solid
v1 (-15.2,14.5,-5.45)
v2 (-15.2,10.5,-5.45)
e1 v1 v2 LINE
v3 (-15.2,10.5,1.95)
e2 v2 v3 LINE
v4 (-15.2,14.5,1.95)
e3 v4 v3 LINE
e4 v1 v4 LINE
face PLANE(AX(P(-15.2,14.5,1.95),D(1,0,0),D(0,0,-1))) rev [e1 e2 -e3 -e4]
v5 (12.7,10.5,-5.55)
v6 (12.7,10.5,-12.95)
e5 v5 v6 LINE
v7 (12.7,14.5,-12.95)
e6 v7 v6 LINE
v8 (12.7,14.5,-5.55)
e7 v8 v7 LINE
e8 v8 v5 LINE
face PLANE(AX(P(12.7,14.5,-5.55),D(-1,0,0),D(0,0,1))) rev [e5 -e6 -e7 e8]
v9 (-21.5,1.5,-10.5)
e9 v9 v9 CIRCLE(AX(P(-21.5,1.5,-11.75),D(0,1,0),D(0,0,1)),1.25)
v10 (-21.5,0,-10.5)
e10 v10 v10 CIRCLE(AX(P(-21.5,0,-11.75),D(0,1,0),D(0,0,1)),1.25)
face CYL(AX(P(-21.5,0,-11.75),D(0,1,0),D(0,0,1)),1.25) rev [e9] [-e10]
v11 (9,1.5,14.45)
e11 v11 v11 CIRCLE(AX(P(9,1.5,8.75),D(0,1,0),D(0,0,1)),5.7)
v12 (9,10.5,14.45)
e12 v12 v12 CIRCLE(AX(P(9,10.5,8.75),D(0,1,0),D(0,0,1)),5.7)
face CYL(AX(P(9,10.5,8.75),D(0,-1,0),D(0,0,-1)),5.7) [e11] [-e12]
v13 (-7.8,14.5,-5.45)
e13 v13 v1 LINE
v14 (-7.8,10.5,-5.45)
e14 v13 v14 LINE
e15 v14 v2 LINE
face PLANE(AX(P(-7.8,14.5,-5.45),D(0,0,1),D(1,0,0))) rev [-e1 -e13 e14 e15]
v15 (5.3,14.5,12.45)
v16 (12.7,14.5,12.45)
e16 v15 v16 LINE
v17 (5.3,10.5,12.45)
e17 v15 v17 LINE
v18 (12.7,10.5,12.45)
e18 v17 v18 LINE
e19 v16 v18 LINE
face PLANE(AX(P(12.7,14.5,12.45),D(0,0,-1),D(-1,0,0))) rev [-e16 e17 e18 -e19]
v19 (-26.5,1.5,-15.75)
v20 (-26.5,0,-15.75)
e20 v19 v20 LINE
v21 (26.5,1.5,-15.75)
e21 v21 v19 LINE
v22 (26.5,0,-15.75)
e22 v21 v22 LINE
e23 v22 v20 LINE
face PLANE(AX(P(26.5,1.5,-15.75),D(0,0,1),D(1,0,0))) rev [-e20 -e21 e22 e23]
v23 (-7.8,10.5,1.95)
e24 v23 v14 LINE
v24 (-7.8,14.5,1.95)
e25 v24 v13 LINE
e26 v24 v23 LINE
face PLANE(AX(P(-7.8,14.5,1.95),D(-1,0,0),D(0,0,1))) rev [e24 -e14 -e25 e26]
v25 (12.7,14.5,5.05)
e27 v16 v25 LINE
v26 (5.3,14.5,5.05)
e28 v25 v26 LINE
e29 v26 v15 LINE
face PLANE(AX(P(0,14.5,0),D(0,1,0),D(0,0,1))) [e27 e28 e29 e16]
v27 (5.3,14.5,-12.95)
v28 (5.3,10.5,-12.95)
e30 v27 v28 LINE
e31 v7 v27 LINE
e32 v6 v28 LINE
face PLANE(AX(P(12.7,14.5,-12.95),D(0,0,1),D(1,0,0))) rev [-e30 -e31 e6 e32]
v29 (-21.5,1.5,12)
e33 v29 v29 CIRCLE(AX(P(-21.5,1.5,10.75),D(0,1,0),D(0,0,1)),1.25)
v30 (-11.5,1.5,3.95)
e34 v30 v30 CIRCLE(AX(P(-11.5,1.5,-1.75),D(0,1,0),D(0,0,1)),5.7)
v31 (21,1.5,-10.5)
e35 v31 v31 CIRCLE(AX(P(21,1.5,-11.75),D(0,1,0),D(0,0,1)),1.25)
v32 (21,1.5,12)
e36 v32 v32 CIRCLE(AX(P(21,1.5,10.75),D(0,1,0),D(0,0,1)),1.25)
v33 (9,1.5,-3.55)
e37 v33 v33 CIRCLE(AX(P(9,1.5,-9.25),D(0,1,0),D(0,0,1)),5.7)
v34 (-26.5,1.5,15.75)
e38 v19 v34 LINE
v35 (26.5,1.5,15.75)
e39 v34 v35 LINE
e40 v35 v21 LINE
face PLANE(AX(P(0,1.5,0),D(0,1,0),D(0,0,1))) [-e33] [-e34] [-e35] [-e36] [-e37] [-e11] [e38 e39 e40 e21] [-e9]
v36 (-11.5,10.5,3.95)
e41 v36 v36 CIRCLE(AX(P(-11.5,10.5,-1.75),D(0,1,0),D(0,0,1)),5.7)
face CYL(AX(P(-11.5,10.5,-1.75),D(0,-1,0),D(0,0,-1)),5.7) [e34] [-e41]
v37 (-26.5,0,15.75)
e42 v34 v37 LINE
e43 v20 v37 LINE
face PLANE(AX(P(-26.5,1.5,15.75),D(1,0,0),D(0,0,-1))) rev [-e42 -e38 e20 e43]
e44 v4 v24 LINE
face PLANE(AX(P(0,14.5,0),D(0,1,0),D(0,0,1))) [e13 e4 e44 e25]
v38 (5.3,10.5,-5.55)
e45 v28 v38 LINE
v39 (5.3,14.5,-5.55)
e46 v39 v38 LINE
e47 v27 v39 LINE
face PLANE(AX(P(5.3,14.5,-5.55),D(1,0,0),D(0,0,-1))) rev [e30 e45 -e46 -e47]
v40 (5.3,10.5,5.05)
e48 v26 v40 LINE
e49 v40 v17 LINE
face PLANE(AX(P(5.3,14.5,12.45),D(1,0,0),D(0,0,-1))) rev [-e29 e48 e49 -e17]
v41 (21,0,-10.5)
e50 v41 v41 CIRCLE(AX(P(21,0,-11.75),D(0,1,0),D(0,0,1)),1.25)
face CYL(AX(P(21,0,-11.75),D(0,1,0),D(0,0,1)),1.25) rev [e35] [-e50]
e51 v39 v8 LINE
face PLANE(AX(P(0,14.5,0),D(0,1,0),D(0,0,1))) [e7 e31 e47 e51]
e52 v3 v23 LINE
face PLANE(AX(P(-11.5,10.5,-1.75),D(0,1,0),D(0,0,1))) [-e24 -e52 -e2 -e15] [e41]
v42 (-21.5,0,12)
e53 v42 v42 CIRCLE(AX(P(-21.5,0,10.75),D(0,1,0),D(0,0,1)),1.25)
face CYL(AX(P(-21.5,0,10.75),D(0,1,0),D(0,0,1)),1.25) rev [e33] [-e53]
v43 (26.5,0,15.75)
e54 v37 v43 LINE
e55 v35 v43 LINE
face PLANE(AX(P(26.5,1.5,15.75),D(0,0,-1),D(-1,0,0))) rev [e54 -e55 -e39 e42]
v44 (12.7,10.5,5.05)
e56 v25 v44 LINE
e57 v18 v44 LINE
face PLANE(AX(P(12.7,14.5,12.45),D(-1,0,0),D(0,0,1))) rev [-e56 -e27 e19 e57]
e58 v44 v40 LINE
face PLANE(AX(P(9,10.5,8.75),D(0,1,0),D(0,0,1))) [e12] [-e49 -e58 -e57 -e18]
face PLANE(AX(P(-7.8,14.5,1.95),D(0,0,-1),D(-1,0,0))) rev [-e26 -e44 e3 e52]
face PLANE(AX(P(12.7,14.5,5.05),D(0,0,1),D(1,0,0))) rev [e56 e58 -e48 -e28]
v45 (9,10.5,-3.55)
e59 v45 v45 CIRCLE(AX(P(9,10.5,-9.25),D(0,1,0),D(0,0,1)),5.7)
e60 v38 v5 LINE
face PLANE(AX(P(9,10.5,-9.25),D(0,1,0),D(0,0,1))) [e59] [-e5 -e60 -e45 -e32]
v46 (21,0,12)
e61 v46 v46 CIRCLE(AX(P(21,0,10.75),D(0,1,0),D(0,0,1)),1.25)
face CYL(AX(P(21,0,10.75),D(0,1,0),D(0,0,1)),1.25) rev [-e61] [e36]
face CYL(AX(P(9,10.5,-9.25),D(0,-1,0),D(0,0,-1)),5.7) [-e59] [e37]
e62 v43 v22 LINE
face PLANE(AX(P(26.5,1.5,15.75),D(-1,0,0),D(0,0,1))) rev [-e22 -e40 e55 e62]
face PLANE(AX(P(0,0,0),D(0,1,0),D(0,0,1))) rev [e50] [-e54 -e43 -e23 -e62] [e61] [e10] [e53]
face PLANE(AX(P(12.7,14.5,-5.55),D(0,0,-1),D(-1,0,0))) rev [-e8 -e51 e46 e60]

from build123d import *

# Parameters (mm, degrees)
SCHIZZO1_W                   = 53
SCHIZZO1_H                   = 31.5
ESTRUSIONE_ESTRUSIONE1_DEPTH = 1.5
SCHIZZO2_R                   = 1.25
TAGLIO_ESTRUSIONE1_DEPTH     = 1.5
SCHIZZO3_R                   = 5.7
ESTRUSIONE_ESTRUSIONE2_DEPTH = 9
SCHIZZO4_W                   = 7.4
SCHIZZO4_H                   = 7.4
ESTRUSIONE_ESTRUSIONE3_DEPTH = 4


with BuildPart() as part:
    # Schizzo1 → Estrusione-Estrusione1 (new body)
    with BuildSketch(Plane(origin=(0, 0, 0), x_dir=(1, 0, 0), z_dir=(0, 1, 0))):
        Rectangle(SCHIZZO1_W, SCHIZZO1_H)
    extrude(amount=ESTRUSIONE_ESTRUSIONE1_DEPTH)

    # Schizzo2 → Taglio-Estrusione1 (cut)
    with BuildSketch(Plane(origin=(0, 1.5, 0), x_dir=(1, 0, 0), z_dir=(0, 1, 0))):
        with Locations((-21.5, 11.75)):
            Circle(SCHIZZO2_R)
        with Locations((21, 11.75)):
            Circle(SCHIZZO2_R)
        with Locations((21, -10.75)):
            Circle(SCHIZZO2_R)
        with Locations((-21.5, -10.75)):
            Circle(SCHIZZO2_R)
    extrude(amount=-TAGLIO_ESTRUSIONE1_DEPTH, mode=Mode.SUBTRACT)

    # Schizzo3 → Estrusione-Estrusione2 (add)
    with BuildSketch(Plane(origin=(0, 1.5, 0), x_dir=(1, 0, 0), z_dir=(0, 1, 0))):
        with Locations((-11.5, 1.75)):
            Circle(SCHIZZO3_R)
        with Locations((9, -8.75)):
            Circle(SCHIZZO3_R)
        with Locations((9, 9.25)):
            Circle(SCHIZZO3_R)
    extrude(amount=ESTRUSIONE_ESTRUSIONE2_DEPTH)

    # Schizzo4 → Estrusione-Estrusione3 (add)
    with BuildSketch(Plane(origin=(0, 10.5, 0), x_dir=(1, 0, 0), z_dir=(0, 1, 0))):
        with Locations((-11.5, 1.75)):
            Rectangle(SCHIZZO4_W, SCHIZZO4_H)
        with Locations((9, 9.25)):
            Rectangle(SCHIZZO4_W, SCHIZZO4_H)
        with Locations((9, -8.75)):
            Rectangle(SCHIZZO4_W, SCHIZZO4_H)
    extrude(amount=ESTRUSIONE_ESTRUSIONE3_DEPTH)


solid = part.part
